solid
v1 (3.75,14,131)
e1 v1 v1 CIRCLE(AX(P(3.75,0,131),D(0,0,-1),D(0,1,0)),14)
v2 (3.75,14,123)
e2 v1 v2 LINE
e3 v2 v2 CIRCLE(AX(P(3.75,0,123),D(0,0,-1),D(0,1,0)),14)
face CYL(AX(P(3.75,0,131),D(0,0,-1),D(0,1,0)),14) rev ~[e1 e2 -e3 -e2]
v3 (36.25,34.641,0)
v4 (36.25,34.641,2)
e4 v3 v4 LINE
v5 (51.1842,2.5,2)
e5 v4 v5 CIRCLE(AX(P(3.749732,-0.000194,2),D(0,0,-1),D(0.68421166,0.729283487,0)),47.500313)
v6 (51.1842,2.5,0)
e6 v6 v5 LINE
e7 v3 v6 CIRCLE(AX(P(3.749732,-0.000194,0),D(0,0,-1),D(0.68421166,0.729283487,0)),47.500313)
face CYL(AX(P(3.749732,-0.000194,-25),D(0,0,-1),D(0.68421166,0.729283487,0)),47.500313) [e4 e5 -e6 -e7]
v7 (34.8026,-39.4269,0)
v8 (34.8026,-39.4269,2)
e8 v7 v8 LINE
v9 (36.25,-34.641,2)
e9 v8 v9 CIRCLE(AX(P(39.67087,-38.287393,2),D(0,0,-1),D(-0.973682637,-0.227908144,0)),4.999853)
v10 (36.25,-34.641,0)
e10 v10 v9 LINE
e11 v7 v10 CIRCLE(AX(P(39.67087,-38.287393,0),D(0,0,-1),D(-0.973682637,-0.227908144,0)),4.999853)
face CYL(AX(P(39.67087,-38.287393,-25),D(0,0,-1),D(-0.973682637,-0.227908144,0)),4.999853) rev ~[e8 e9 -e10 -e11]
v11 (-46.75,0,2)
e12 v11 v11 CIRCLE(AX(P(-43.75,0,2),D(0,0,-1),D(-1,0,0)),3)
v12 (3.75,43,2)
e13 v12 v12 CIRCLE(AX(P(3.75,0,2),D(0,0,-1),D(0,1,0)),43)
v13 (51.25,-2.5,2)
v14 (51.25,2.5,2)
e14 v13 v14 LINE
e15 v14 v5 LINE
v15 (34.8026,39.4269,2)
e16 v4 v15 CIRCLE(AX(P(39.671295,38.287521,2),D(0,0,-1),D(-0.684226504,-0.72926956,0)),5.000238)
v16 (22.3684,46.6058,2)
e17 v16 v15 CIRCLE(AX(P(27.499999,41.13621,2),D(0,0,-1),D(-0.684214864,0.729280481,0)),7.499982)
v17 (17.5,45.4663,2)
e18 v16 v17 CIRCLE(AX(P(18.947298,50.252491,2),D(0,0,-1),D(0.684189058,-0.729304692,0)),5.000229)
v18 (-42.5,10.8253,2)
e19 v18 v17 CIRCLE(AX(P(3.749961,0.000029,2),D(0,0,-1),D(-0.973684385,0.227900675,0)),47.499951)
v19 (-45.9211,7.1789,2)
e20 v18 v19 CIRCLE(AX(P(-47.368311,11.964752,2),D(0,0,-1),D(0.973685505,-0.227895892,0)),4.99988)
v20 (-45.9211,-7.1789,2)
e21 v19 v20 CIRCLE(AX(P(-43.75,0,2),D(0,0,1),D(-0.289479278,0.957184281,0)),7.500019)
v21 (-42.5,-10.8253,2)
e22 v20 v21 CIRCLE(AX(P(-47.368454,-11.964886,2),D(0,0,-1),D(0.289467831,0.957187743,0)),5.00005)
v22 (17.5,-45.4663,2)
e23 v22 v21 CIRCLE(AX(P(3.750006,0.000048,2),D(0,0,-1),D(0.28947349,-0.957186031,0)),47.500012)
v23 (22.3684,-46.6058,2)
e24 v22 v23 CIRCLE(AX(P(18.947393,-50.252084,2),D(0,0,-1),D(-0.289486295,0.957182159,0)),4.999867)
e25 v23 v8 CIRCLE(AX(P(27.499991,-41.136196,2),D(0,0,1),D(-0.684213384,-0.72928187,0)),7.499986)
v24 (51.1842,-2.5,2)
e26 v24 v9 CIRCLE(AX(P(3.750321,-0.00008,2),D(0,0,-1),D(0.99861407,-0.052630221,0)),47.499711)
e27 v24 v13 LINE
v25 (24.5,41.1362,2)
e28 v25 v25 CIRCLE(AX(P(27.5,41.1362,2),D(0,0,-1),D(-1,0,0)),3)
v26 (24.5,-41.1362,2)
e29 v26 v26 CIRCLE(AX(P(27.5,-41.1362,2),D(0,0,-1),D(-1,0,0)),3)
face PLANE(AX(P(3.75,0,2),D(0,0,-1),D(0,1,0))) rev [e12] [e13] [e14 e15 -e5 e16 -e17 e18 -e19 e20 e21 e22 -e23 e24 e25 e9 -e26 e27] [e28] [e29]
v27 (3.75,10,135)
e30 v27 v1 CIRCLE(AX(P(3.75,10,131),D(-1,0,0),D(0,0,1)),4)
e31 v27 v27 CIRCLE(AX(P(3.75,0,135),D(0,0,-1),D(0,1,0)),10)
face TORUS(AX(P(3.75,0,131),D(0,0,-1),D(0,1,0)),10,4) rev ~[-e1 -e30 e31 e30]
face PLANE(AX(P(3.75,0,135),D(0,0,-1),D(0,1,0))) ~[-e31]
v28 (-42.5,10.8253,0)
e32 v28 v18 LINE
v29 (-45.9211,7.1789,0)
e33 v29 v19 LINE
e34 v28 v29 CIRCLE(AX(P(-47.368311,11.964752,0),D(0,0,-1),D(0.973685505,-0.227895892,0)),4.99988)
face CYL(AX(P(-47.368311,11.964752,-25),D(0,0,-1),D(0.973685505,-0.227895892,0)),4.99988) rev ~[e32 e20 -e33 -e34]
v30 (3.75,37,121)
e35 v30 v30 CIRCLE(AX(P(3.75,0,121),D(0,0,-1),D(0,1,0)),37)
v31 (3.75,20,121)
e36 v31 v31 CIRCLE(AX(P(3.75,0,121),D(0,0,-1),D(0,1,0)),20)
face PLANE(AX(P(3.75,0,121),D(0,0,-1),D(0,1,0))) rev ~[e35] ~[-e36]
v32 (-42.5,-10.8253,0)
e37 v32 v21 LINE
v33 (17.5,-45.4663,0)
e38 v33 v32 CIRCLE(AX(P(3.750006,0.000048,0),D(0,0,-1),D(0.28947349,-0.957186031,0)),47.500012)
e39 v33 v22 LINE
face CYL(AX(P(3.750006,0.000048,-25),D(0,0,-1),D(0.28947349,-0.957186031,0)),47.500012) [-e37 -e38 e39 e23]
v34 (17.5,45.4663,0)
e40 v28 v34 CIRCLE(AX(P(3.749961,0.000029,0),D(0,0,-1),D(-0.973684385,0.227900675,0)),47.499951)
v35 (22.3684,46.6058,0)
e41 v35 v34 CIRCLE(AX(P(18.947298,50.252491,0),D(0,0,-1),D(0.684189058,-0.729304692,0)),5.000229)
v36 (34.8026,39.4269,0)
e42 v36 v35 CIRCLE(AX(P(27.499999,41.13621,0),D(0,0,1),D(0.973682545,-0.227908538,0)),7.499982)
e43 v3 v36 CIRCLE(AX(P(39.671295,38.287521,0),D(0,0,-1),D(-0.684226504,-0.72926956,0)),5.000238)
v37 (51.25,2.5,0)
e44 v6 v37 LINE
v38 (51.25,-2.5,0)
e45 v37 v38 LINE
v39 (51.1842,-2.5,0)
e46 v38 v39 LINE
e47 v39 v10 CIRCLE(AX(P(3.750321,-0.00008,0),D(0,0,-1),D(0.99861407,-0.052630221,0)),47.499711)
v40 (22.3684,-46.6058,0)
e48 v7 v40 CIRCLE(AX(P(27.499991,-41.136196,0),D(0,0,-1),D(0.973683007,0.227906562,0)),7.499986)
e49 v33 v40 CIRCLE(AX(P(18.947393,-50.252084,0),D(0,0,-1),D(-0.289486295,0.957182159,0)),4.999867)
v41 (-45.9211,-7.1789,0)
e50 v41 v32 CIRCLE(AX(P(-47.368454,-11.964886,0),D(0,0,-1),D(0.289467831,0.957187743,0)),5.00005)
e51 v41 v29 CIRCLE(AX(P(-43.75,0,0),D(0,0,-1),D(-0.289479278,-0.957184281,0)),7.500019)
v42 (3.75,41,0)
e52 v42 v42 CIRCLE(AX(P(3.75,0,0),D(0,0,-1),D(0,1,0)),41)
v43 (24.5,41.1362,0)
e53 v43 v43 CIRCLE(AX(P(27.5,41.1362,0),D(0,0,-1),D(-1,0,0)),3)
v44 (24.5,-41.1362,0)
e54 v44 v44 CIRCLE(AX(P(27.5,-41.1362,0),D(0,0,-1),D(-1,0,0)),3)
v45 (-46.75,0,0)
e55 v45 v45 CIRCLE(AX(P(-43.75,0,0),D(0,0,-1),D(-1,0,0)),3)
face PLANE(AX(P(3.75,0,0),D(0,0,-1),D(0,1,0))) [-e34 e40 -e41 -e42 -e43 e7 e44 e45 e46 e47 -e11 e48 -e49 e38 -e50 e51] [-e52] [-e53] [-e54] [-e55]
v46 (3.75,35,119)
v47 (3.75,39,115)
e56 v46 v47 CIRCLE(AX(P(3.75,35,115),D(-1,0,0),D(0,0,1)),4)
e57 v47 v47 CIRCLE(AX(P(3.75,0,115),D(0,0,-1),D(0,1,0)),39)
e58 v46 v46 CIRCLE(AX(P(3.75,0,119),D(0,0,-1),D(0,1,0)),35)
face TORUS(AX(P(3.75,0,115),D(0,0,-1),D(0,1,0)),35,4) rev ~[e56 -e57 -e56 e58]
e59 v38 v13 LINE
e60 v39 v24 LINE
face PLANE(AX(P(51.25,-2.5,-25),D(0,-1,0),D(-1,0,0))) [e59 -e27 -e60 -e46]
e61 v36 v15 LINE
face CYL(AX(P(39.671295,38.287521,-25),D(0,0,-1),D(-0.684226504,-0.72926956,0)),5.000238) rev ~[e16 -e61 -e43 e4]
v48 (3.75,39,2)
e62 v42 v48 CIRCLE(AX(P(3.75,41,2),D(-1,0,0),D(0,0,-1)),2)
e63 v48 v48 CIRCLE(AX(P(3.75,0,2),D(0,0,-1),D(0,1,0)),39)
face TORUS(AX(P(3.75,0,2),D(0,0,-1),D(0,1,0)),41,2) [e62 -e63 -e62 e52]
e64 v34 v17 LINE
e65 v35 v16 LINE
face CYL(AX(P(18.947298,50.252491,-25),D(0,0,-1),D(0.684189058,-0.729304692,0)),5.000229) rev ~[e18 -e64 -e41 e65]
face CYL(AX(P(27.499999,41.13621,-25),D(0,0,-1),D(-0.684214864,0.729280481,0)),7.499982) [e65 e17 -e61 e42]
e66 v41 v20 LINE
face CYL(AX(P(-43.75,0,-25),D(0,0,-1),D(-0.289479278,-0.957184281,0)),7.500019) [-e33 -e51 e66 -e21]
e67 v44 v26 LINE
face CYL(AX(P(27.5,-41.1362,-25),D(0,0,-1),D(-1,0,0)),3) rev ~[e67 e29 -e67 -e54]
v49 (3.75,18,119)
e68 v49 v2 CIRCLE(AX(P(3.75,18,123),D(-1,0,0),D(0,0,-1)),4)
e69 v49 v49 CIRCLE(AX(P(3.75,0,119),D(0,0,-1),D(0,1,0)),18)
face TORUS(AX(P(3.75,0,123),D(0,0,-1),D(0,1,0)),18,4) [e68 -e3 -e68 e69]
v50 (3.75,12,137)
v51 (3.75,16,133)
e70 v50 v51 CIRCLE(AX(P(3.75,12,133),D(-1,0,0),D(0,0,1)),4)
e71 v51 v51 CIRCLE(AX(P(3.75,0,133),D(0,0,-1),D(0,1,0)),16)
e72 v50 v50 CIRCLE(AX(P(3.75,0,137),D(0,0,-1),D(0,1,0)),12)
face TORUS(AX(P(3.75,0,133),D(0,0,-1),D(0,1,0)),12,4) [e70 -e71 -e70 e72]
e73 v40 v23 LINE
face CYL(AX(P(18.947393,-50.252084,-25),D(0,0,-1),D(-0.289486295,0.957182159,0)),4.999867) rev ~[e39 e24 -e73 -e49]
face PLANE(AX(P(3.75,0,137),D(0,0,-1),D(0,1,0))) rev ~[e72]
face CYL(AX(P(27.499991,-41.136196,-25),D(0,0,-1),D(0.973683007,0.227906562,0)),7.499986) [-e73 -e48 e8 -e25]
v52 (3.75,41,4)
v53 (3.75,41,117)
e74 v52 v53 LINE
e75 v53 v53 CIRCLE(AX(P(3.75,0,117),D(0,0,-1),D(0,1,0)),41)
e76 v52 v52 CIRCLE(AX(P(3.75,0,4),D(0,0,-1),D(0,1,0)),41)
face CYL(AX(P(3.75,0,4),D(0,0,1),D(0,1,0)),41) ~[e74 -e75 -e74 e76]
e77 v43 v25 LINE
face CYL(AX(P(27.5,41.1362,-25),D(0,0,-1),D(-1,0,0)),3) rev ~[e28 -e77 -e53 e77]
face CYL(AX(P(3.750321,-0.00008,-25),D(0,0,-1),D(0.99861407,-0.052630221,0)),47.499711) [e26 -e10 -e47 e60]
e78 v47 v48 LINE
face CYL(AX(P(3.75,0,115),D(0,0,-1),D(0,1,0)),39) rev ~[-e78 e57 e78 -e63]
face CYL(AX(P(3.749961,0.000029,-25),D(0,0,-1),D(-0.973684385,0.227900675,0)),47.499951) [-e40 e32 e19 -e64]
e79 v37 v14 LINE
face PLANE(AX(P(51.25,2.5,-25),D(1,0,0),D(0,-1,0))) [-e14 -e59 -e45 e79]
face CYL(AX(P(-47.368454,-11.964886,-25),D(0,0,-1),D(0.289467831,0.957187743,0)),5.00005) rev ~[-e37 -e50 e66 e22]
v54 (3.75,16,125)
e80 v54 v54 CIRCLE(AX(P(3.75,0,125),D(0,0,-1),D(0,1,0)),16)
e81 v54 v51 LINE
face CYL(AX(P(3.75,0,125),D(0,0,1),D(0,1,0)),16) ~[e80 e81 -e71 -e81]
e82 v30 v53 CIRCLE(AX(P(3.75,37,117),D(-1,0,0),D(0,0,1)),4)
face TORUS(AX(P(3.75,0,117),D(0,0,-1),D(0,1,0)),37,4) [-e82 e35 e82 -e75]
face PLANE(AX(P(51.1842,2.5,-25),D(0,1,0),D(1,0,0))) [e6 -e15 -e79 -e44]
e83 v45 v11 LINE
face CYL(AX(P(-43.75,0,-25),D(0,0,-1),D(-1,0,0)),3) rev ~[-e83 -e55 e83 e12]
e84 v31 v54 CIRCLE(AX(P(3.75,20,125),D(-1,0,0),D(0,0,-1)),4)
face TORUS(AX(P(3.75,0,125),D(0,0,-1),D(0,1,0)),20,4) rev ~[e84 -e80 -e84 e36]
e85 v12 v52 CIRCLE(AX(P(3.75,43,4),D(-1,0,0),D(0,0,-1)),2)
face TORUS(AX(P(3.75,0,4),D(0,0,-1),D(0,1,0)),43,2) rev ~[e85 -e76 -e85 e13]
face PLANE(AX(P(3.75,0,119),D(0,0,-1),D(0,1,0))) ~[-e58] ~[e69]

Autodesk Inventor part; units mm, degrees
ref_plane "YZ Plane" through (0, 0, 0) normal (1, 0, 0) x (0, 1, 0)
sketch "Sketch2" plane through (0, 0, 0) normal (0, 0, 1) x (1, 0, 0)
  arc A0 (34.8026, 39.4269) -> (22.3684, 46.6058) centre (27.5, 41.1362) ccw construction
  circle A1 centre (3.75, 0) radius 7.5 construction
  circle A2 centre (3.75, 0) radius 55 construction
  point P0 (0, 0)
  dimension "d0" = 110
ref_plane "Work Plane1" through (3.75, 10, 0) normal (-1, 0, 0) x (0, 1, 0)
sketch "Sketch3" plane through (3.75, 10, 0) normal (-1, 0, 0) x (0, 1, 0)
  line L0 (25, 0) -> (25, -115) construction
  line L1 (-45, -115) -> (25, -115) construction
  line L2 (0, -115) -> (0, -135) construction
  line L3 (-20, -135) -> (0, -135) construction
  line L4 (-65, 0) -> (45, 0) construction
  line L5 (45, 0) -> (25, 0) construction
  line L6 (25, 0) -> (25, -115) construction
  line L7 (25, -115) -> (0, -115) construction
  line L8 (0, -115) -> (0, -135) construction
  line L9 (0, -135) -> (-10, -135) construction
  line L10 (-10, -135) -> (-10, 0) construction
  line L11 (-10, 0) -> (25, 0) construction
  line L12 (-14, 4) -> (-14, -139) construction
  line L13 (-14, -139) -> (4, -139) construction
  line L14 (4, -139) -> (4, -119) construction
  line L15 (4, -119) -> (29, -119) construction
  line L16 (29, -119) -> (29, 4) construction
  line L17 (29, 4) -> (-14, 4) construction
  line L18 (31, 6) -> (31, -121) construction
  line L19 (31, -121) -> (6, -121) construction
  line L20 (6, -121) -> (6, -141) construction
  line L21 (6, -141) -> (-16, -141) construction
  line L22 (-16, -141) -> (-16, 6) construction
  line L23 (-16, 6) -> (31, 6) construction
  line L24 (45, 0) -> (31, 0)
  line L25 (4, -131) -> (4, -123)
  line L26 (8, -119) -> (25, -119)
  line L27 (29, -115) -> (29, -2)
  line L28 (33, -2) -> (45, -2)
  line L29 (31, -4) -> (31, -117)
  line L30 (27, -121) -> (10, -121)
  line L31 (6, -125) -> (6, -133)
  line L32 (45, 0) -> (45, -2)
  arc A0 (33, -2) -> (31, -4) centre (33, -4) ccw
  arc A1 (31, 0) -> (29, -2) centre (31, -2) ccw
  arc A2 (25, -119) -> (29, -115) centre (25, -115) ccw
  arc A3 (10, -121) -> (6, -125) centre (10, -125) ccw
  arc A4 (0, -135) -> (4, -131) centre (0, -131) ccw
  arc A5 (2, -137) -> (6, -133) centre (2, -133) ccw
  arc A6 (8, -119) -> (4, -123) centre (8, -123) ccw
  arc A7 (27, -121) -> (31, -117) centre (27, -117) ccw
  line L33 (-10, -135) -> (-10, -137)
  line L34 (2, -137) -> (-10, -137)
  line L35 (-10, -135) -> (0, -135)
  line L36 (-10, -170.4) -> (-10, 35.4) projected
  point P0 (-16, 0)
  point P1 (29, 0)
  point P2 (31, -2)
  dimension "d1" = 4
  dimension "d2" = 2
  dimension "d3" = 2
  dimension "d4" = 2
  dimension "d5" = 4
  dimension "d7" = 4
  dimension "d8" = 4
  dimension "d9" = 2
revolve "Revolution1" add sketch "Sketch3" angle 360 about axis through (3.75, 0, -40) along (0, 0, -1)
ref_plane "Work Plane2" through (0, 0, -25) normal (0, 0, -1) x (-1, 0, 0)
sketch "Sketch4" plane through (0, 0, -25) normal (0, 0, -1) x (-1, 0, 0)
  circle A0 centre (-3.75, 0) radius 55 projected
  arc A1 (-34.8026, -39.4269) -> (-22.3684, -46.6058) centre (-27.5, -41.1362) ccw projected
  arc A2 (-17.5, -45.4663) -> (-22.3684, -46.6058) centre (-18.9474, -50.2523) ccw projected
  arc A3 (-17.5, -45.4663) -> (42.5, -10.8253) centre (-3.75, 0) ccw projected
  arc A4 (45.9211, -7.1789) -> (42.5, -10.8253) centre (47.3684, -11.9648) ccw projected
  arc A5 (45.9211, -7.1789) -> (45.9211, 7.1789) centre (43.75, 0) ccw projected
  arc A6 (42.5, 10.8253) -> (45.9211, 7.1789) centre (47.3684, 11.9648) ccw projected
  arc A7 (42.5, 10.8253) -> (-17.5, 45.4663) centre (-3.75, 0) ccw projected
  arc A8 (-22.3684, 46.6058) -> (-17.5, 45.4663) centre (-18.9474, 50.2523) ccw projected
  arc A9 (-22.3684, 46.6058) -> (-34.8026, 39.4269) centre (-27.5, 41.1362) ccw projected
  arc A10 (-36.25, 34.641) -> (-34.8026, 39.4269) centre (-39.6711, 38.2874) ccw projected
  arc A11 (-36.25, 34.641) -> (-51.1842, 2.5) centre (-3.75, 0) ccw projected
  line L0 (-51.1842, 2.5) -> (-51.25, 2.5) projected
  line L1 (-51.25, 2.5) -> (-51.25, -2.5) projected
  line L2 (-51.25, -2.5) -> (-51.1842, -2.5) projected
  arc A12 (-51.1842, -2.5) -> (-36.25, -34.641) centre (-3.75, 0) ccw projected
  arc A13 (-34.8026, -39.4269) -> (-36.25, -34.641) centre (-39.6711, -38.2874) ccw projected
  circle A14 centre (-3.75, 0) radius 10 projected
  circle A15 centre (-27.5, -41.1362) radius 3 projected
  circle A16 centre (-27.5, -41.1362) radius 3 projected
  circle A17 centre (-27.5, 41.1362) radius 3 projected
  circle A18 centre (43.75, 0) radius 3 projected
  arc A19 (-17.5, -45.4663) -> (-22.3684, -46.6058) centre (-18.9474, -50.2523) ccw projected
  arc A20 (-17.5, -45.4663) -> (42.5, -10.8253) centre (-3.75, 0) ccw projected
  arc A21 (45.9211, -7.1789) -> (42.5, -10.8253) centre (47.3684, -11.9648) ccw projected
  arc A22 (45.9211, -7.1789) -> (45.9211, 7.1789) centre (43.75, 0) ccw projected
  arc A23 (42.5, 10.8253) -> (45.9211, 7.1789) centre (47.3684, 11.9648) ccw projected
  arc A24 (42.5, 10.8253) -> (-17.5, 45.4663) centre (-3.75, 0) ccw projected
  arc A25 (-22.3684, 46.6058) -> (-17.5, 45.4663) centre (-18.9474, 50.2523) ccw projected
  arc A26 (-22.3684, 46.6058) -> (-34.8026, 39.4269) centre (-27.5, 41.1362) ccw projected
  arc A27 (-36.25, 34.641) -> (-34.8026, 39.4269) centre (-39.6711, 38.2874) ccw projected
  arc A28 (-36.25, 34.641) -> (-51.1842, 2.5) centre (-3.75, 0) ccw projected
  line L3 (-51.1842, 2.5) -> (-51.25, 2.5) projected
  line L4 (-51.25, 2.5) -> (-51.25, -2.5) projected
  line L5 (-51.25, -2.5) -> (-51.1842, -2.5) projected
  arc A29 (-51.1842, -2.5) -> (-36.25, -34.641) centre (-3.75, 0) ccw projected
  arc A30 (-34.8026, -39.4269) -> (-36.25, -34.641) centre (-39.6711, -38.2874) ccw projected
  arc A31 (-34.8026, -39.4269) -> (-22.3684, -46.6058) centre (-27.5, -41.1362) ccw projected
  circle A32 centre (-3.75, 0) radius 10 projected
  point P0 (0, 0)
  point P1 (-31.25, 47.6314)
  point P2 (-31.25, -47.6314)
  point P3 (51.25, 0)
extrude "Extrusion1" cut sketch "Sketch4" against normal up to surface (146 mm away) contours A5 A6 A7 A8 A9 A0 | A0 A1 A2 A3 A4 A5 | A9 A10 A11 L0 L1 L2 A12 A13 A1 A0 | A15 | A17 | A18
equation "\"d3\" = d2"
equation "\"d9\" = d2"
equation "\"d6\" = d2"
properties part number "MCEN4000:M3"
